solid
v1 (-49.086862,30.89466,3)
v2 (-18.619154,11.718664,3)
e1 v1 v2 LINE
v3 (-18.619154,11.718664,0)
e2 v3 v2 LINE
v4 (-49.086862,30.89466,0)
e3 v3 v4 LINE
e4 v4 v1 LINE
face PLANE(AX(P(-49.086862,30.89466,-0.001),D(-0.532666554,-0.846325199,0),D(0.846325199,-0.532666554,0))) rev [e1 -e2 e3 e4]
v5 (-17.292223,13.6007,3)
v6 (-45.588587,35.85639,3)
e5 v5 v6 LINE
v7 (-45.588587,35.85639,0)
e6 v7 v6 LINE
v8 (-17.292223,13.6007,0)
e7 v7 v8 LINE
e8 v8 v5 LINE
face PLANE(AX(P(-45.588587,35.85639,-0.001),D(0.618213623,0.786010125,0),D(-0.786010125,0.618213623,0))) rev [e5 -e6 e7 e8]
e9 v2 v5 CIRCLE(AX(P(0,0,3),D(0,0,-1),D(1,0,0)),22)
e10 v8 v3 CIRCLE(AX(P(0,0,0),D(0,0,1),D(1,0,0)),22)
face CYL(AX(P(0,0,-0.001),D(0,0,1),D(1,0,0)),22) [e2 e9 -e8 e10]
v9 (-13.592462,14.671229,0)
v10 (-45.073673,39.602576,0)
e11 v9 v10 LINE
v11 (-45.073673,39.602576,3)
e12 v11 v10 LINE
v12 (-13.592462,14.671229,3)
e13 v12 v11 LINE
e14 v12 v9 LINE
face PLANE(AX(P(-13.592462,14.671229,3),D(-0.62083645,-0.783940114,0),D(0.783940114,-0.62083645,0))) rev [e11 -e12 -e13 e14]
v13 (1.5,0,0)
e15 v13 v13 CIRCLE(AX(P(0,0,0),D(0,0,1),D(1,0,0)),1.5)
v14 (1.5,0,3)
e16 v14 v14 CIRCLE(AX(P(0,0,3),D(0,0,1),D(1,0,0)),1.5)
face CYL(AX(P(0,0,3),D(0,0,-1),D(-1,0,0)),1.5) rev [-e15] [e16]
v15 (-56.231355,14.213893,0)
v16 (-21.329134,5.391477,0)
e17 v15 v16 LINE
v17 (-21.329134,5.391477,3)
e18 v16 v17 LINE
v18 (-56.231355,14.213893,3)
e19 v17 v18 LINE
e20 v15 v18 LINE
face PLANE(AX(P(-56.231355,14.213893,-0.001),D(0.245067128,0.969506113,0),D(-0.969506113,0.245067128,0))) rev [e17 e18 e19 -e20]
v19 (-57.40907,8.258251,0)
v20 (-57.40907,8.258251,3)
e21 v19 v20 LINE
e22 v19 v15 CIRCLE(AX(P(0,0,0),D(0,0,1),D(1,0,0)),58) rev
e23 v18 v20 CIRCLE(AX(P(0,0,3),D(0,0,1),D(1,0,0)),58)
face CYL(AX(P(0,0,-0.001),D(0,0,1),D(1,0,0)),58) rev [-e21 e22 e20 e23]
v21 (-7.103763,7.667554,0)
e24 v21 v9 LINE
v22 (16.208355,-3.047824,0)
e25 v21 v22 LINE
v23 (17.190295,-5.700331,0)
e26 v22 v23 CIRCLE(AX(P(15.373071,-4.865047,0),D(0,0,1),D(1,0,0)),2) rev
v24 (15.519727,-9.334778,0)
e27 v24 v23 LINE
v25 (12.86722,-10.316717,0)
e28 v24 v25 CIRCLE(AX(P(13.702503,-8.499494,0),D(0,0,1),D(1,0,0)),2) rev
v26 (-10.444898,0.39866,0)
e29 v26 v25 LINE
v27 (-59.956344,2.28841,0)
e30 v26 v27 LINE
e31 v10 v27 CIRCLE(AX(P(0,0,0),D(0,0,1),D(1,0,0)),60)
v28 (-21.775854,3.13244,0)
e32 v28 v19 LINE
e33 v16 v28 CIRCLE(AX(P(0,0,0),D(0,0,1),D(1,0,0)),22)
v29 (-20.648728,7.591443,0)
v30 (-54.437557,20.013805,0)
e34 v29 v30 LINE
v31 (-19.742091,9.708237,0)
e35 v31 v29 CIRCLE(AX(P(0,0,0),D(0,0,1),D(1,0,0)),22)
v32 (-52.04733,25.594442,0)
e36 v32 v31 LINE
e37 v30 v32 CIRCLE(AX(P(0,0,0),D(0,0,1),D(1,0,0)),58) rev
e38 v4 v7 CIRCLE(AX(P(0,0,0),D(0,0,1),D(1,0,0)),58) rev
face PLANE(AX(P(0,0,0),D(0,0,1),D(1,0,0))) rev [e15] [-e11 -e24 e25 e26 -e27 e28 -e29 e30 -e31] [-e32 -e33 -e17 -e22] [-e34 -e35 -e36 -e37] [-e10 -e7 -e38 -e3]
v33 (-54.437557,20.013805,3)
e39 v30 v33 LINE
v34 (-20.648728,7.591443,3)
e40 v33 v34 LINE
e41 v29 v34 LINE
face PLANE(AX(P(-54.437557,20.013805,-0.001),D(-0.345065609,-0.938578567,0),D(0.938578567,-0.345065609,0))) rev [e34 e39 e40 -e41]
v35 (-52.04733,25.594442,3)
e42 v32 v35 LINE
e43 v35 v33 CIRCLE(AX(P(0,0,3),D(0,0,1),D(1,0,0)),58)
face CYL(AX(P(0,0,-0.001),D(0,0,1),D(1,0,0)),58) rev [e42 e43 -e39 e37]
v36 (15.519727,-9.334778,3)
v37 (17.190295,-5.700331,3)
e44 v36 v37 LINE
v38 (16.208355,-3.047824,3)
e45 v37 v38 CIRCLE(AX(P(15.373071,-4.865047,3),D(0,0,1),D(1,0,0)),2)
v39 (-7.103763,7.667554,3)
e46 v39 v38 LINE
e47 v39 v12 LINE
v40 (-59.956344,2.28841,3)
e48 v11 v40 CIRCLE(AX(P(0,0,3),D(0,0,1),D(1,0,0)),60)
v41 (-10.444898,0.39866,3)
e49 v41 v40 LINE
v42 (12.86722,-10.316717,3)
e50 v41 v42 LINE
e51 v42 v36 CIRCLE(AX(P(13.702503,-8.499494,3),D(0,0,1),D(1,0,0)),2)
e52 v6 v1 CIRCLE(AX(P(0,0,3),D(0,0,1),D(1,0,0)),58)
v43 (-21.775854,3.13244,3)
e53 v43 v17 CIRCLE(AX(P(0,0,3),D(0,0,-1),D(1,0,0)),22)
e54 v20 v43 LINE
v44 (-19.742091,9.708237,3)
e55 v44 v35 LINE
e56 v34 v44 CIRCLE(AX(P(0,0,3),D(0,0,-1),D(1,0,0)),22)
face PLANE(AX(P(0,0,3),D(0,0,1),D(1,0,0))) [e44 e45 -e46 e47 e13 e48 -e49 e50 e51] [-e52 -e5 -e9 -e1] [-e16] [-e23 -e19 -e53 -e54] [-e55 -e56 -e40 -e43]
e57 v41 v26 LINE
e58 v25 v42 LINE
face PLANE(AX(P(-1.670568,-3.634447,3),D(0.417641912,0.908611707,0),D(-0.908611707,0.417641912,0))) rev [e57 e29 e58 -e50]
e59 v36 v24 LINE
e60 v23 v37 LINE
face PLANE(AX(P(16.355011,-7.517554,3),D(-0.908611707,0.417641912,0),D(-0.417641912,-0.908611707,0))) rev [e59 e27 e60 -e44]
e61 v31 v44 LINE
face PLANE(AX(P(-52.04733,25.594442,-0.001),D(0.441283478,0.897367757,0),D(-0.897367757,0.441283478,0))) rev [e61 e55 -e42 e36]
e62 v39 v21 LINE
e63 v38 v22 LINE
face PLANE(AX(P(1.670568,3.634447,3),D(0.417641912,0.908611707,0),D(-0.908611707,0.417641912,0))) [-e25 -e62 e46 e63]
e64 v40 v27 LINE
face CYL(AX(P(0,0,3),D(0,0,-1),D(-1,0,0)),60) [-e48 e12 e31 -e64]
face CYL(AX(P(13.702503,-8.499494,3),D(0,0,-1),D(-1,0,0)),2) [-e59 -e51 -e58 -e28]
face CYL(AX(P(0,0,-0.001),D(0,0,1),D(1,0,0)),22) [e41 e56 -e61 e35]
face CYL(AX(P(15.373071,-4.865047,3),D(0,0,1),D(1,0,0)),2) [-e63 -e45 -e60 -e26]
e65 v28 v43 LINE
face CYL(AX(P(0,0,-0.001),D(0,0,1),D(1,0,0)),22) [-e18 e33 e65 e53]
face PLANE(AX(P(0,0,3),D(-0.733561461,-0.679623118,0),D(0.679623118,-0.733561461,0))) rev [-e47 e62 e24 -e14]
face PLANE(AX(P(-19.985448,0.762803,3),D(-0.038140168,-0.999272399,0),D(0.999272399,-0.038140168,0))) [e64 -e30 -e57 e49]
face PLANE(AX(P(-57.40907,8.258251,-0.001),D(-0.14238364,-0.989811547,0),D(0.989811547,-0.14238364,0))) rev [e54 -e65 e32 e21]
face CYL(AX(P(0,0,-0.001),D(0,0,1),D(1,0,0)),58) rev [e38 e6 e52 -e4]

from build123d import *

# Parameters (mm, degrees)
BOSS_EXTRUDE2_DEPTH = 3
SKETCH1_8_R         = 1.5
BOSS_EXTRUDE5_DEPTH = 3
FILLET1_R           = 2
CUT_EXTRUDE1_REACH  = 73.918


with BuildPart() as part:
    # Sketch1 → Boss-Extrude2 (new body)
    with BuildSketch(Plane.XY):
        with BuildLine():
            Line((-19.985447982, 0.762803358), (-59.956343946, 2.288410074))
            ThreePointArc((-59.956343946, 2.288410074), (-55.730717245, 22.228071336), (-45.073672701, 39.602576043))
            Line((-45.073672701, 39.602576043), (-13.592462366, 14.67122922))
            ThreePointArc((-13.592462366, 14.67122922), (-18.172234131, 8.352838241), (-19.985447982, 0.762803358))
        make_face()
    extrude(amount=BOSS_EXTRUDE2_DEPTH)

    # Sketch1<8> → Boss-Extrude5 (add)
    with BuildSketch(Plane.XY):
        with BuildLine():
            ThreePointArc((-19.475648091, 4.549629811), (-19.821189154, 2.668419106), (-19.985447982, 0.762803358))
            Line((-19.985447982, 0.762803358), (-10.444898468, 0.398660247))
            Line((-10.444898468, 0.398660247), (14.68444307, -11.152001243))
            Line((14.68444307, -11.152001243), (18.025578366, -3.883107591))
            Line((18.025578366, -3.883107591), (-7.103763171, 7.667553899))
            Line((-7.103763171, 7.667553899), (-13.592462366, 14.67122922))
            ThreePointArc((-13.592462366, 14.67122922), (-14.931769674, 13.305722619), (-16.134512795, 11.818523464))
            ThreePointArc((-16.134512795, 11.818523464), (-18.172234131, 8.352838241), (-19.475648091, 4.549629811))
        make_face()
        Circle(SKETCH1_8_R, mode=Mode.SUBTRACT)
    extrude(amount=BOSS_EXTRUDE5_DEPTH)

    # Fillet1
    fillet1_edges = [part.edges().sort_by_distance(p)[0] for p in [
        (18.025578366, -3.883107591, 1.5),
        (14.68444307, -11.152001243, 1.5),
    ]]
    fillet(fillet1_edges, radius=FILLET1_R)

    # Sketch2 → Cut-Extrude1 (cut, up to next)
    with BuildSketch(Plane.XY.offset(3), mode=Mode.PRIVATE) as cut_extrude1_sk1:
        with BuildLine():
            Line((-52.047329922, 25.59444174), (-19.74209066, 9.708236522))
            ThreePointArc((-19.74209066, 9.708236522), (-20.223124653, 8.661710528), (-20.648728467, 7.591443388))
            Line((-20.648728467, 7.591443388), (-54.437556866, 20.013805296))
            ThreePointArc((-54.437556866, 20.013805296), (-53.315510448, 22.835418665), (-52.047329922, 25.59444174))
        make_face()
    cut_extrude1_tool1 = extrude(cut_extrude1_sk1.sketch, amount=-CUT_EXTRUDE1_REACH, mode=Mode.PRIVATE) & part.part
    # Sketch2 → Cut-Extrude1 (cut, up to next)
    with BuildSketch(Plane.XY.offset(3), mode=Mode.PRIVATE) as cut_extrude1_sk2:
        with BuildLine():
            Line((-56.231354546, 14.213893413), (-21.329134483, 5.391476812))
            ThreePointArc((-21.329134483, 5.391476812), (-21.58207174, 4.267807331), (-21.775854038, 3.132440087))
            Line((-21.775854038, 3.132440087), (-57.409069737, 8.25825114))
            ThreePointArc((-57.409069737, 8.25825114), (-56.898189132, 11.251492055), (-56.231354546, 14.213893413))
        make_face()
    cut_extrude1_tool2 = extrude(cut_extrude1_sk2.sketch, amount=-CUT_EXTRUDE1_REACH, mode=Mode.PRIVATE) & part.part
    # Sketch2 → Cut-Extrude1 (cut, up to next)
    with BuildSketch(Plane.XY.offset(3), mode=Mode.PRIVATE) as cut_extrude1_sk3:
        with BuildLine():
            Line((-49.08686154, 30.894660124), (-18.619154377, 11.718664185))
            ThreePointArc((-18.619154377, 11.718664185), (-17.980329977, 12.677055412), (-17.292222743, 13.600699711))
            Line((-17.292222743, 13.600699711), (-45.58858723, 35.856390146))
            ThreePointArc((-45.58858723, 35.856390146), (-47.402688122, 33.421327903), (-49.08686154, 30.894660124))
        make_face()
    cut_extrude1_tool3 = extrude(cut_extrude1_sk3.sketch, amount=-CUT_EXTRUDE1_REACH, mode=Mode.PRIVATE) & part.part
    add(cut_extrude1_tool1.solids().sort_by_distance((-39.233314, 16.803912, 3))[0], mode=Mode.SUBTRACT)
    add(cut_extrude1_tool2.solids().sort_by_distance((-41.869702, 8.279642, 3))[0], mode=Mode.SUBTRACT)
    add(cut_extrude1_tool3.solids().sort_by_distance((-34.882242, 24.593771, 3))[0], mode=Mode.SUBTRACT)


solid = part.part
